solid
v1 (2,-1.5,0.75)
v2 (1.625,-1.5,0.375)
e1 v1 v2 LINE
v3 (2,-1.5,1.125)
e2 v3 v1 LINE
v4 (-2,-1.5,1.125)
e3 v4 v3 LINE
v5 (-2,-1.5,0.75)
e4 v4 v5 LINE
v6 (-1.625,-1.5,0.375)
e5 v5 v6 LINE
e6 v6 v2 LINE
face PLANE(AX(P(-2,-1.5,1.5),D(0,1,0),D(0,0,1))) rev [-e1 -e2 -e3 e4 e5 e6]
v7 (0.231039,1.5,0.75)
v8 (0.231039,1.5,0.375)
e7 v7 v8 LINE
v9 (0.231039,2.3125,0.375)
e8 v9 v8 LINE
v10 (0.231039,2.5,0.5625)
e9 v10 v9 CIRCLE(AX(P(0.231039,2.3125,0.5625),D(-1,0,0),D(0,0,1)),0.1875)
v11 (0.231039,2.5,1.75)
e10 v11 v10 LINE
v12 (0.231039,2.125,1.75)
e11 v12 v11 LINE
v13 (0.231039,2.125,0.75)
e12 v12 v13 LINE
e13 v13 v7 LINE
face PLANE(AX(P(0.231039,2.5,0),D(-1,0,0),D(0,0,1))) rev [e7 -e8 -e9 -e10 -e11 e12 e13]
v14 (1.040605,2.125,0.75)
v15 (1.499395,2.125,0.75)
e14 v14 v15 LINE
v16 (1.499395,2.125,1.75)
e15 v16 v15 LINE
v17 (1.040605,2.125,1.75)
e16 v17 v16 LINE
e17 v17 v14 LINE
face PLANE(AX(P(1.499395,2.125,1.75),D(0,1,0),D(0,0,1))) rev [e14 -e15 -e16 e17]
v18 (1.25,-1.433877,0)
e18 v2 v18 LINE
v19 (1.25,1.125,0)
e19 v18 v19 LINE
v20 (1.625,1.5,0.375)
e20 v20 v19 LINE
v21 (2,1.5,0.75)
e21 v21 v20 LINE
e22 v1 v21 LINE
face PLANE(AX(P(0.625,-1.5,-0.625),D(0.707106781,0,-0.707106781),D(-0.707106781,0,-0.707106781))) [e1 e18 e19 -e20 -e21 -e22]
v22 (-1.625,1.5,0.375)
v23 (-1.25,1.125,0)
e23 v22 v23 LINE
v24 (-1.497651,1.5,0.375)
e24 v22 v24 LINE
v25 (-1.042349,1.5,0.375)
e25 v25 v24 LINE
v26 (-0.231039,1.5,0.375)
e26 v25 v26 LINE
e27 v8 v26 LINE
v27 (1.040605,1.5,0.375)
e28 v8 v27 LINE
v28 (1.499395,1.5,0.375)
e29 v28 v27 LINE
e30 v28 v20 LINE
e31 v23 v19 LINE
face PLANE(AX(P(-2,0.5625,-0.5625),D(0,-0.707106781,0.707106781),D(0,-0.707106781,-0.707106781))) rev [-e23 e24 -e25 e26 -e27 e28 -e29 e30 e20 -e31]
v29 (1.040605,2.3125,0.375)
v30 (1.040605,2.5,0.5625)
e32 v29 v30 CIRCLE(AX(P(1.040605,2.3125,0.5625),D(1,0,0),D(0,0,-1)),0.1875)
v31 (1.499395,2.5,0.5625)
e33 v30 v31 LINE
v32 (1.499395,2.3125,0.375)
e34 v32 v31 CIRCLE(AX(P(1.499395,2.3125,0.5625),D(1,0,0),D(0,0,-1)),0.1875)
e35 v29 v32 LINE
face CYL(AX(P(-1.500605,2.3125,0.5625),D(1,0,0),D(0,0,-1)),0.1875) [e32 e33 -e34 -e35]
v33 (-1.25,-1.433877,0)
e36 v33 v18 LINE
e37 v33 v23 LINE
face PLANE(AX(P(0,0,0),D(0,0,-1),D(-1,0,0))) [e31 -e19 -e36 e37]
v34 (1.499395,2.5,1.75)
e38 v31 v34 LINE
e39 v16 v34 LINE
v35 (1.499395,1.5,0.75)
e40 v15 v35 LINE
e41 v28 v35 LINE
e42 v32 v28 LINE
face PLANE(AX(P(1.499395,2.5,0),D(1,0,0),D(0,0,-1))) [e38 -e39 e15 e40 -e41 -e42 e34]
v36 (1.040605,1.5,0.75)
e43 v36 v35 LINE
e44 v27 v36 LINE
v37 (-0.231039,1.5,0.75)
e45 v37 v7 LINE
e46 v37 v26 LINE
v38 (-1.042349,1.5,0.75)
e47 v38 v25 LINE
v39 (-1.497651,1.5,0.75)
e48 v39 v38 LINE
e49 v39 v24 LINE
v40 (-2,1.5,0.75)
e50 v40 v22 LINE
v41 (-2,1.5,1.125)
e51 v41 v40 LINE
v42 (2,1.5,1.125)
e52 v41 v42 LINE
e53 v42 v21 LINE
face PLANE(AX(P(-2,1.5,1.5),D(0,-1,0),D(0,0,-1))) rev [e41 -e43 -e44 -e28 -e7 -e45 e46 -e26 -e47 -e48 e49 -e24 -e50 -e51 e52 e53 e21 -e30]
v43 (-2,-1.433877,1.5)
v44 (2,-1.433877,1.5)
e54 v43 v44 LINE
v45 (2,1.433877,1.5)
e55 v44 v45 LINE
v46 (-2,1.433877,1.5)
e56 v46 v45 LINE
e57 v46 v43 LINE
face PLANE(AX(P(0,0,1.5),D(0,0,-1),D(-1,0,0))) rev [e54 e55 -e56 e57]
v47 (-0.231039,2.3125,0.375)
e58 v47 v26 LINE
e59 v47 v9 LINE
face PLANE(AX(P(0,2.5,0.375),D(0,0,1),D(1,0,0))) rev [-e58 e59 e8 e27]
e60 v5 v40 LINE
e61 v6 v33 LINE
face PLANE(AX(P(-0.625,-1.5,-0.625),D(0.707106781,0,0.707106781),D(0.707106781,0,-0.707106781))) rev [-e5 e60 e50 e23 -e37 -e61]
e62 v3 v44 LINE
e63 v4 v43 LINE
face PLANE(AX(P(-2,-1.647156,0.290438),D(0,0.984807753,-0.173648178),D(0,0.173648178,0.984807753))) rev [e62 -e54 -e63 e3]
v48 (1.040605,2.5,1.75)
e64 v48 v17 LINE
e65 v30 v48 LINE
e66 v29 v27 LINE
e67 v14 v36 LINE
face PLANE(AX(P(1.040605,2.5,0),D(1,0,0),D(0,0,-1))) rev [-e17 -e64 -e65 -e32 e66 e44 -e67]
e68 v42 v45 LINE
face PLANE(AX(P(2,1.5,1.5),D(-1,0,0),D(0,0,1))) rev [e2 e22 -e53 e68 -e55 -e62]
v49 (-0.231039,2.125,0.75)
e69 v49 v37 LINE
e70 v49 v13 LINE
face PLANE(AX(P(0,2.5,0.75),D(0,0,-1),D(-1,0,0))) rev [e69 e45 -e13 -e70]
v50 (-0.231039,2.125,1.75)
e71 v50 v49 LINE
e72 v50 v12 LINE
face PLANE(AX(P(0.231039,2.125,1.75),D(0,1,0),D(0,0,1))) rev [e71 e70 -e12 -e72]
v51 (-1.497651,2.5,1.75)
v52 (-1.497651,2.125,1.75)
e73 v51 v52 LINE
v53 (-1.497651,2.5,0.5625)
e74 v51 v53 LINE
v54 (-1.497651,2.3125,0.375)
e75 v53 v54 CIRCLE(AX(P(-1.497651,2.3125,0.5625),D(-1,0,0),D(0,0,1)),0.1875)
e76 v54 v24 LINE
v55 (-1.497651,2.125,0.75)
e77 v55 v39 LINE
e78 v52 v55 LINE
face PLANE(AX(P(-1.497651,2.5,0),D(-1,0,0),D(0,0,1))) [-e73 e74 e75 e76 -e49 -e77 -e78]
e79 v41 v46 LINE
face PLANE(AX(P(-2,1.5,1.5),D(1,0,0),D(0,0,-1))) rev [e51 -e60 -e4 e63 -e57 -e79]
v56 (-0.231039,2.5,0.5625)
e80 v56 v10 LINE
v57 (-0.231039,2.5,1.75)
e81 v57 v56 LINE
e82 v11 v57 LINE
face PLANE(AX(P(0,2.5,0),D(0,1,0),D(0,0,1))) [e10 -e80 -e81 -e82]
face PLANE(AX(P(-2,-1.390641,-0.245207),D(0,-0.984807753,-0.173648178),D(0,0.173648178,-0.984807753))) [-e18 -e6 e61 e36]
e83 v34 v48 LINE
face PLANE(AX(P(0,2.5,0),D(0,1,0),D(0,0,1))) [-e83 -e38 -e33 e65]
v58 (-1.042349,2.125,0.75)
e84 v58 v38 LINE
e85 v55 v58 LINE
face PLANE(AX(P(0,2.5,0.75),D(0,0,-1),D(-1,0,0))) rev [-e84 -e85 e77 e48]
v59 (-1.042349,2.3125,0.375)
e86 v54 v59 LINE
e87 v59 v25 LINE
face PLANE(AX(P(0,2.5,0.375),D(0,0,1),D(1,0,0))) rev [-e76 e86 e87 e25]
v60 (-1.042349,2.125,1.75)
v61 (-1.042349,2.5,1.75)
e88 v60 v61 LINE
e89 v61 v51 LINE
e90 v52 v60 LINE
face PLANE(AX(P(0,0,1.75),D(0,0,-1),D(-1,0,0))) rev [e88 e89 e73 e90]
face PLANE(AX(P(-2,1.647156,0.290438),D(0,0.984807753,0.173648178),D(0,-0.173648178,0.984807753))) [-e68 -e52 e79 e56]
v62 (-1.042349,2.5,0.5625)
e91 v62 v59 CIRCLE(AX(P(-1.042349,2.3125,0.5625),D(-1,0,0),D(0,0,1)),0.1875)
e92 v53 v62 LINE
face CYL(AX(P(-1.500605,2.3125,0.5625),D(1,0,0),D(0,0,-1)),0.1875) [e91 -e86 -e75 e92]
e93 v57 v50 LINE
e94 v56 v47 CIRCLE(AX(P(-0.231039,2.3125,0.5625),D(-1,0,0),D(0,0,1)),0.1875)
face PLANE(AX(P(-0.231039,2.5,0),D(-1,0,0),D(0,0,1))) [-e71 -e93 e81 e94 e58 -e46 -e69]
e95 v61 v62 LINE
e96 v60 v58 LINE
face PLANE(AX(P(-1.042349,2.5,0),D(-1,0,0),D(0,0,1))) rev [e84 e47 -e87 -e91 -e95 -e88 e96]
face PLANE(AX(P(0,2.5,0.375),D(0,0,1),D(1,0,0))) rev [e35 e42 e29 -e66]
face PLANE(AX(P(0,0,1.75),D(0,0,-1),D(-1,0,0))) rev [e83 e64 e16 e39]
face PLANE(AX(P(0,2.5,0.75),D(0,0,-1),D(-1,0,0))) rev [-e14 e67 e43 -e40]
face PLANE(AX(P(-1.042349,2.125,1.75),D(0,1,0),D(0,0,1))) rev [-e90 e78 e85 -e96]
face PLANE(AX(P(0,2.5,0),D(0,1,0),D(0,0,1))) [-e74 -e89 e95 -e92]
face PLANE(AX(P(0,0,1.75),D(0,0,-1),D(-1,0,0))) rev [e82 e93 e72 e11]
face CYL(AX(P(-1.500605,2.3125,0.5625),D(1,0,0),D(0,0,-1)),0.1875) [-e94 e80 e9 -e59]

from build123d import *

# Parameters (mm, degrees)
CROQUIS1_W              = 4
CROQUIS1_H              = 3
SALIENTE_EXTRUIR1_DEPTH = 1.5
CORTAR_EXTRUIR1_DEPTH   = 3
CORTAR_EXTRUIR2_DEPTH   = 4
CROQUIS7_W              = 0.455301138
CROQUIS7_H              = 0.375
CROQUIS7_W_2            = 0.462078838
CROQUIS7_W_3            = 0.458790222
SALIENTE_EXTRUIR3_DEPTH = 1
CROQUIS8_W              = 0.462078838
CROQUIS8_H              = 0.375
CROQUIS8_W_2            = 0.458790222
CROQUIS8_W_3            = 0.455301138
SALIENTE_EXTRUIR4_DEPTH = 1
CORTAR_EXTRUIR3_DEPTH   = 3


with BuildPart() as part:
    # Croquis1 → Saliente-Extruir1 (new body)
    with BuildSketch(Plane.XY):
        Rectangle(CROQUIS1_W, CROQUIS1_H)
    extrude(amount=SALIENTE_EXTRUIR1_DEPTH)

    # Croquis3 → Cortar-Extruir1 (cut)
    with BuildSketch(Plane(origin=(0, 1.5, 0), x_dir=(1, 0, 0), z_dir=(0, 1, 0))):
        Polygon((-2, 0), (-2, -0.75), (-1.25, 0), align=None)
        Polygon((1.25, 0), (2, -0.75), (2, 0), align=None)
    extrude(amount=-CORTAR_EXTRUIR1_DEPTH, mode=Mode.SUBTRACT)

    # Croquis6 → Cortar-Extruir2 (cut)
    with BuildSketch(Plane(origin=(2, 0, 0), x_dir=(0, 0, -1), z_dir=(1, 0, 0))):
        Polygon((0, 1.125), (0, 1.5), (-0.375, 1.5), align=None)
        Polygon((0, -1.5), (0, -1.433877382), (-0.375, -1.5), align=None)
        Polygon((-1.5, 1.433877382), (-1.125, 1.5), (-1.5, 1.5), align=None)
        Polygon((-1.5, -1.5), (-1.125, -1.5), (-1.5, -1.433877382), align=None)
    extrude(amount=-CORTAR_EXTRUIR2_DEPTH, mode=Mode.SUBTRACT)

    # Croquis7 → Saliente-Extruir3 (add)
    with BuildSketch(Plane(origin=(0, 1.5, 0), x_dir=(1, 0, 0), z_dir=(0, 1, 0))):
        with Locations((-1.27, -0.5625)):
            Rectangle(CROQUIS7_W, CROQUIS7_H)
        with Locations((0, -0.5625)):
            Rectangle(CROQUIS7_W_2, CROQUIS7_H)
        with Locations((1.27, -0.5625)):
            Rectangle(CROQUIS7_W_3, CROQUIS7_H)
    extrude(amount=SALIENTE_EXTRUIR3_DEPTH)

    # Croquis8 → Saliente-Extruir4 (add)
    with BuildSketch(Plane.XY.offset(0.75)):
        with Locations((0, 2.3125)):
            Rectangle(CROQUIS8_W, CROQUIS8_H)
        with Locations((1.27, 2.3125)):
            Rectangle(CROQUIS8_W_2, CROQUIS8_H)
        with Locations((-1.27, 2.3125)):
            Rectangle(CROQUIS8_W_3, CROQUIS8_H)
    extrude(amount=SALIENTE_EXTRUIR4_DEPTH)

    # Croquis11 → Cortar-Extruir3 (cut)
    with BuildSketch(Plane(origin=(1.499395111, 0, 0), x_dir=(0, 0, -1), z_dir=(1, 0, 0))):
        with BuildLine():
            Line((-0.375, 2.3125), (-0.375, 2.5))
            Line((-0.375, 2.5), (-0.5625, 2.5))
            ThreePointArc((-0.5625, 2.5), (-0.429917479, 2.445082521), (-0.375, 2.3125))
        make_face()
    extrude(amount=-CORTAR_EXTRUIR3_DEPTH, mode=Mode.SUBTRACT)


solid = part.part
